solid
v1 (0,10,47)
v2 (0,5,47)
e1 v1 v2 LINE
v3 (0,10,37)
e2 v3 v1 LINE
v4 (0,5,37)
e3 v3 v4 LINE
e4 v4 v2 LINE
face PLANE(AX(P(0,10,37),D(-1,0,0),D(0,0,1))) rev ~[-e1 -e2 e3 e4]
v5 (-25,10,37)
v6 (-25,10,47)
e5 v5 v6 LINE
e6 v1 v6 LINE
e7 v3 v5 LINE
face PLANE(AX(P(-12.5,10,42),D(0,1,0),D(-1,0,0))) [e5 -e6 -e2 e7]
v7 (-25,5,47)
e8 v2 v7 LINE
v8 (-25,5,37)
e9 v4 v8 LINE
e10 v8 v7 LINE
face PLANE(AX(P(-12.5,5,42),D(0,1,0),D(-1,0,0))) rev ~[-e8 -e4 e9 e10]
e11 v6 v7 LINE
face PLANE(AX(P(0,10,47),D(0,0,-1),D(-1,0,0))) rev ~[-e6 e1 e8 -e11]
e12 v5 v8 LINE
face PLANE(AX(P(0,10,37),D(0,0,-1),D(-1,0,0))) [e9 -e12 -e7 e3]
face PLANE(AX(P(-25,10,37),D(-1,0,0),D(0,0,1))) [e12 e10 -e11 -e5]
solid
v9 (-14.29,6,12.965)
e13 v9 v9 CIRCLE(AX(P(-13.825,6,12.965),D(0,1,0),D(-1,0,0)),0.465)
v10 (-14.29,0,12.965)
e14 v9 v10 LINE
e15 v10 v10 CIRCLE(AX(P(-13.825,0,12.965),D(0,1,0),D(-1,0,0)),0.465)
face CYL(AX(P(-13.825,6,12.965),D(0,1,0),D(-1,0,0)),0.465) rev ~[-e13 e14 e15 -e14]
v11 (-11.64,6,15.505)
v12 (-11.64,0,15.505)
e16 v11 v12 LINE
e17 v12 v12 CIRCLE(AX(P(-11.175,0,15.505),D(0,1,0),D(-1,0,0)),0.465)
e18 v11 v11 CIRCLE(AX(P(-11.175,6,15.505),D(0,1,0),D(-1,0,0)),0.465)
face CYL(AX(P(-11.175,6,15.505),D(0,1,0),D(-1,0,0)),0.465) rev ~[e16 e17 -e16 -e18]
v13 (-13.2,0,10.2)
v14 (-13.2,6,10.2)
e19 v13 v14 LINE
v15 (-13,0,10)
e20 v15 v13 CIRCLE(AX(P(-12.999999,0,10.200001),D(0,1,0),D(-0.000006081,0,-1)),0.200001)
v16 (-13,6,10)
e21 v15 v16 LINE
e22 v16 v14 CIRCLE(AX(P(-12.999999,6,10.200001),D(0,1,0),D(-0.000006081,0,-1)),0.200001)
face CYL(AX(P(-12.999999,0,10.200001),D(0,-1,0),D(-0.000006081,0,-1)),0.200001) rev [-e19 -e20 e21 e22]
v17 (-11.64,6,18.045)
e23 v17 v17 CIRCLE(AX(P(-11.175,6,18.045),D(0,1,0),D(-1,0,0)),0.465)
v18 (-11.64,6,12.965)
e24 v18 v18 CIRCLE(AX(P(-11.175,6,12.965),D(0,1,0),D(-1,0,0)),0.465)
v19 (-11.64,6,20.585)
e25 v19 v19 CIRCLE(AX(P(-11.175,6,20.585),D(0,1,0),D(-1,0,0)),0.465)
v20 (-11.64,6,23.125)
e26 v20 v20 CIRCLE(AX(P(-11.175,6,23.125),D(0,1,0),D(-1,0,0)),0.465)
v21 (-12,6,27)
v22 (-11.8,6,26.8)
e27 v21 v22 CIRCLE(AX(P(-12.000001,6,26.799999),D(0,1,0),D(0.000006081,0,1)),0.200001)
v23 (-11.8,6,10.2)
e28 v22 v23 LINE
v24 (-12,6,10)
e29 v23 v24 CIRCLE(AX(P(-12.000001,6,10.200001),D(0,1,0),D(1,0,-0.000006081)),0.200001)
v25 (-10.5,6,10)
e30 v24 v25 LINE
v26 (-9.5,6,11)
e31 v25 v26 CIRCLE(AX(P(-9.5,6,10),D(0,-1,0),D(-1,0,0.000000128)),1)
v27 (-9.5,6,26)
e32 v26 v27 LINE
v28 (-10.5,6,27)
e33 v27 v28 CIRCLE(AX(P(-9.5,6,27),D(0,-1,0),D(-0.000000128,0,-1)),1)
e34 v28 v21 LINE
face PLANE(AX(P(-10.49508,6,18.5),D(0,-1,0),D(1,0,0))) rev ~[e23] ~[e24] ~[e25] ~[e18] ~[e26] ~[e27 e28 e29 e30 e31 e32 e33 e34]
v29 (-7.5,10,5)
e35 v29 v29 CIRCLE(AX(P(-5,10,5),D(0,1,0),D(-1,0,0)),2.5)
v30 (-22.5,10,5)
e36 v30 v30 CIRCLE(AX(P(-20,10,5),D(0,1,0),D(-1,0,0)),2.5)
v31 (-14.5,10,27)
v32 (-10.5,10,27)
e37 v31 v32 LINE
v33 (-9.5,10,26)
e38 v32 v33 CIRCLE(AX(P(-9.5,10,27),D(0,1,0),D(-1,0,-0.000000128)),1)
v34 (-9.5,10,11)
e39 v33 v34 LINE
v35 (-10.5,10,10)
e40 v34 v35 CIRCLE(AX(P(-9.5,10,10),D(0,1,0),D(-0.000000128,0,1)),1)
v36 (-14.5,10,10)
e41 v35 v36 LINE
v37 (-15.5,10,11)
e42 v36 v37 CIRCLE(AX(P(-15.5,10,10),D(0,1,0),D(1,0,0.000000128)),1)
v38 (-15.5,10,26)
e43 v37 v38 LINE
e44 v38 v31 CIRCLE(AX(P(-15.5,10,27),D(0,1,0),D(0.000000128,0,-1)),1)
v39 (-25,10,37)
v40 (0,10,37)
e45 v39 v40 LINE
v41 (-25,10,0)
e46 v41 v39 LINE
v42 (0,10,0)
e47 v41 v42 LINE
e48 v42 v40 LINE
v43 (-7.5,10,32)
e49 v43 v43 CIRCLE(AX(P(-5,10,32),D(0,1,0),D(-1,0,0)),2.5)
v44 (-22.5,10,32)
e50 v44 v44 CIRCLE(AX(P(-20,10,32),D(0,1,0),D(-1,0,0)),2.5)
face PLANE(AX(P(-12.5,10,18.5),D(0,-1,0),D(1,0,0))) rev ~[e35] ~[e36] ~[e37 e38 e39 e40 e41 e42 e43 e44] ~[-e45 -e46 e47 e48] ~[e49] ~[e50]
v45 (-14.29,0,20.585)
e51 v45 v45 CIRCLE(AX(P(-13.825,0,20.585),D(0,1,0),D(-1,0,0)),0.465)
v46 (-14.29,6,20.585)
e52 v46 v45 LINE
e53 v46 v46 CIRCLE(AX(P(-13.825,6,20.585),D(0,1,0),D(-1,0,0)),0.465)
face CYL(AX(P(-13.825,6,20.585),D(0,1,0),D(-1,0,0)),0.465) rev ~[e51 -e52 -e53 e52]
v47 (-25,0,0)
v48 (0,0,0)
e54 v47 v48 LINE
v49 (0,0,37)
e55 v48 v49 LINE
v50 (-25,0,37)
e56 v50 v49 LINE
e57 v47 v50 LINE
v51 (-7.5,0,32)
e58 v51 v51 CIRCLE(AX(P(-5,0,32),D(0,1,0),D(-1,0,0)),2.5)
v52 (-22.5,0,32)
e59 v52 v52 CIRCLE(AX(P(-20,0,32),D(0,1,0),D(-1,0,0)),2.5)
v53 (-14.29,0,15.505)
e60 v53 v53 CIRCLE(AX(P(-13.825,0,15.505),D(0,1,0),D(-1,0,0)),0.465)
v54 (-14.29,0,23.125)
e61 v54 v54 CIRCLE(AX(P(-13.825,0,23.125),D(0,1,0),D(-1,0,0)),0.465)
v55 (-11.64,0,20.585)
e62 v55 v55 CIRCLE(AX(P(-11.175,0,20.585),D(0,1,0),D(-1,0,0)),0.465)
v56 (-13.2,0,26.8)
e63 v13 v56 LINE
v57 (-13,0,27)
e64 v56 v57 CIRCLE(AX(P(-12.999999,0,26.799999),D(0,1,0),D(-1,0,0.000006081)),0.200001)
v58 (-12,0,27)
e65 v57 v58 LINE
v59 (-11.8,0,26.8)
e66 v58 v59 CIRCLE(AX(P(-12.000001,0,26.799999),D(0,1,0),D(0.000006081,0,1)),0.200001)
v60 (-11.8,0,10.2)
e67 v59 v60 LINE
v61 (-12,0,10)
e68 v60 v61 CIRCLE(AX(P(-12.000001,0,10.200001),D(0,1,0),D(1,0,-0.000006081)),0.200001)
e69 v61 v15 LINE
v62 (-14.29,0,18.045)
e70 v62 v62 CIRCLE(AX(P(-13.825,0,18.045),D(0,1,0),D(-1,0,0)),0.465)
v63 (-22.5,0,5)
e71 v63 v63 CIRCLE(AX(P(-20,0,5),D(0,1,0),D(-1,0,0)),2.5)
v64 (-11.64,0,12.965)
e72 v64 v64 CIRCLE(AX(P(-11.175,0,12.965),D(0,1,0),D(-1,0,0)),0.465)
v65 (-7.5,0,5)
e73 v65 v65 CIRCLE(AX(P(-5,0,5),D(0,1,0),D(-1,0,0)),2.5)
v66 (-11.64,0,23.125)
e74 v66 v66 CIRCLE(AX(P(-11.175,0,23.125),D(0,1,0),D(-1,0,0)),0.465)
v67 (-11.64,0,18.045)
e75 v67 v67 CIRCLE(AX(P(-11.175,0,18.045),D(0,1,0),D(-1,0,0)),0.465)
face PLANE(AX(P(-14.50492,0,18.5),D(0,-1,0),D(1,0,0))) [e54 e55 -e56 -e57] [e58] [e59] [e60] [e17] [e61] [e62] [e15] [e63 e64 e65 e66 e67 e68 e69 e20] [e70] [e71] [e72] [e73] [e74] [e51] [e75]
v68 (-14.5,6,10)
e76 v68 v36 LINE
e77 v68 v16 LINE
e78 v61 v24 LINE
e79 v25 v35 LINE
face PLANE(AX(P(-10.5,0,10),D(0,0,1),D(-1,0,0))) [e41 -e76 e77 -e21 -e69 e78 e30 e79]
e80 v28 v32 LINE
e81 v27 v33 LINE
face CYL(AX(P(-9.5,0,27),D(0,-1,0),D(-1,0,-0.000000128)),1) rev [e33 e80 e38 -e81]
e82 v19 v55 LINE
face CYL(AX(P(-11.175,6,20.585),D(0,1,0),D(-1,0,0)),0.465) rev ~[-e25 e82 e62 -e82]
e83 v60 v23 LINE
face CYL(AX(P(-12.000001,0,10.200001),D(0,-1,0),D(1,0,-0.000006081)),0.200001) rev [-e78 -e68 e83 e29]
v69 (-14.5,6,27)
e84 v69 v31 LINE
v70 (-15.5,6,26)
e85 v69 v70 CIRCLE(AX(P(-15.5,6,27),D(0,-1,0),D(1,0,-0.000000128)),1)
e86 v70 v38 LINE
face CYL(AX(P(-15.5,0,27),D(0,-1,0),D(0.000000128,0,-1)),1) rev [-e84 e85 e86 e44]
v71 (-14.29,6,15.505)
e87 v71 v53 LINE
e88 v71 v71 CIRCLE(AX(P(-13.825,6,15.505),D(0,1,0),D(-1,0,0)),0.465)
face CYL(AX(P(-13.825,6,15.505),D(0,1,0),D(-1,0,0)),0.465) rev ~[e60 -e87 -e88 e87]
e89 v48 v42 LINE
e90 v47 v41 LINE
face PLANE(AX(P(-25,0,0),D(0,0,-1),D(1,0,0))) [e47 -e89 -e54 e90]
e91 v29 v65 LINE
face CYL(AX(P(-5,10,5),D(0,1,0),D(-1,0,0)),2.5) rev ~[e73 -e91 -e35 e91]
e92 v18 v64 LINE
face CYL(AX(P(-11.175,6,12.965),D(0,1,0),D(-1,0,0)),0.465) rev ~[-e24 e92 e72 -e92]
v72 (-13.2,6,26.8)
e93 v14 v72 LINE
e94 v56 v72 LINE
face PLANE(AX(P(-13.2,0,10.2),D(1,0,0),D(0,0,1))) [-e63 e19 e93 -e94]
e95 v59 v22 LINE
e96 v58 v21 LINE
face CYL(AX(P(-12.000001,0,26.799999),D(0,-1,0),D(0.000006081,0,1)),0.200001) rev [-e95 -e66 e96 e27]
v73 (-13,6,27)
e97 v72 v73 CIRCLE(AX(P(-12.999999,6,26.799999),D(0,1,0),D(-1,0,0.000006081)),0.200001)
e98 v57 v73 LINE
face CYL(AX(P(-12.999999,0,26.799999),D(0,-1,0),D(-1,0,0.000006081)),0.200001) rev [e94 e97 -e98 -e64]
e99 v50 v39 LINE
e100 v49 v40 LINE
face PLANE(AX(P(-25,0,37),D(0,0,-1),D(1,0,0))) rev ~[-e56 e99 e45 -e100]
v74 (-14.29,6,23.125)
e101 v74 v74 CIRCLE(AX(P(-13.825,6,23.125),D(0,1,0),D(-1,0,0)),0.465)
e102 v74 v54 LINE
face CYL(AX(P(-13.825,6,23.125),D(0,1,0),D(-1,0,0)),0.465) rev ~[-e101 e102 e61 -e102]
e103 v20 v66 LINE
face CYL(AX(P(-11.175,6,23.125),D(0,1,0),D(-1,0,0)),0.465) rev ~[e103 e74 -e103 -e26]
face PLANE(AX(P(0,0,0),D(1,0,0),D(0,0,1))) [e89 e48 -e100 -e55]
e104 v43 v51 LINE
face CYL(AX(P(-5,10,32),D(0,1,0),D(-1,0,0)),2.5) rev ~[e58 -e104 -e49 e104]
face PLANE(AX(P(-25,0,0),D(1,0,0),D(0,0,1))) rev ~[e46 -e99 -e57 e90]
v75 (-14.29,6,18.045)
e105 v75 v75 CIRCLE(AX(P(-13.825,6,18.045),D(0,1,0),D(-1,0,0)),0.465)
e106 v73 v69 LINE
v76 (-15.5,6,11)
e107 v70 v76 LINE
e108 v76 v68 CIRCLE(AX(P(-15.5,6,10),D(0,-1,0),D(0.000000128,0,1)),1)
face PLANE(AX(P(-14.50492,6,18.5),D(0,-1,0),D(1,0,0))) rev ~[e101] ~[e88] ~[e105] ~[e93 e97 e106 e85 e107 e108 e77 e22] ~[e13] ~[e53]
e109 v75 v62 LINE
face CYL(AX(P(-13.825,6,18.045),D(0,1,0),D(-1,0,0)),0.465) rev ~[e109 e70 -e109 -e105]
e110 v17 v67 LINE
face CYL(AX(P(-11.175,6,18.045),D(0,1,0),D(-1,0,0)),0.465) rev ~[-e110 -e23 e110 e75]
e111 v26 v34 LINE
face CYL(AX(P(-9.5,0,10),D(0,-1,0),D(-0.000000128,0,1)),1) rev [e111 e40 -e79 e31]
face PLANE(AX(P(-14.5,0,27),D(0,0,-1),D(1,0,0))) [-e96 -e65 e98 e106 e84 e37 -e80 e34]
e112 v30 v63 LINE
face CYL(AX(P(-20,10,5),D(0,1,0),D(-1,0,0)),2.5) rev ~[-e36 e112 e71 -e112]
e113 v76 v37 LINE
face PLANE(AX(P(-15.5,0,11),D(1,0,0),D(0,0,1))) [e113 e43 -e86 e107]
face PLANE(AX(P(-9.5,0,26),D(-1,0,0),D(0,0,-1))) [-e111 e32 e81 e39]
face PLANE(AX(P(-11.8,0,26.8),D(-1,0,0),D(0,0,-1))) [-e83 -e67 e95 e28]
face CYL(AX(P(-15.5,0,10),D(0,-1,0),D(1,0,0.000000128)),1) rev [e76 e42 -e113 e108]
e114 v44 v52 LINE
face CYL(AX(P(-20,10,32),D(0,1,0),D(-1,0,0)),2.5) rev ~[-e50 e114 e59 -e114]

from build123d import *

# Parameters (mm, degrees)
F0_W     = 25
F0_H     = 37
F1_DEPTH = 10
F2_DEPTH = 6
F3_W     = 25
F3_H     = 10
F4_DEPTH = 5
F5_R     = 0.465
F6_DEPTH = 6.001
F7_R     = 2.5
F8_DEPTH = 10.001


with BuildPart() as f1:
    # F0 (on Front) → F1 (new body)
    with BuildSketch(Plane.XZ):
        with Locations((-12.5, 18.5)):
            Rectangle(F0_W, F0_H)
        with BuildLine():
            ThreePointArc((-15.5, 26), (-16.207107, 27.707107), (-14.5, 27))
            Line((-14.5, 27), (-13, 27))
            Line((-13, 27), (-12, 27))
            Line((-12, 27), (-10.5, 27))
            ThreePointArc((-10.5, 27), (-8.792893, 27.707107), (-9.5, 26))
            Line((-9.5, 26), (-9.5, 11))
            ThreePointArc((-9.5, 11), (-8.792893, 9.292893), (-10.5, 10))
            Line((-10.5, 10), (-12, 10))
            Line((-12, 10), (-13, 10))
            Line((-13, 10), (-14.5, 10))
            ThreePointArc((-14.5, 10), (-16.207107, 9.292893), (-15.5, 11))
            Line((-15.5, 11), (-15.5, 26))
        make_face(mode=Mode.SUBTRACT)
    extrude(amount=-F1_DEPTH)

    # F0 (on Front) → F2 (join)
    with BuildSketch(Plane.XZ):
        with BuildLine():
            Line((-13, 27), (-14.5, 27))
            ThreePointArc((-14.5, 27), (-16.207107, 27.707107), (-15.5, 26))
            Line((-15.5, 26), (-15.5, 11))
            ThreePointArc((-15.5, 11), (-16.207107, 9.292893), (-14.5, 10))
            Line((-14.5, 10), (-13, 10))
            ThreePointArc((-13, 10), (-13.141421, 10.058579), (-13.2, 10.2))
            Line((-13.2, 10.2), (-13.2, 26.8))
            ThreePointArc((-13.2, 26.8), (-13.141421, 26.941421), (-13, 27))
        make_face()
        with BuildLine():
            Line((-10.5, 27), (-12, 27))
            ThreePointArc((-12, 27), (-11.858579, 26.941421), (-11.8, 26.8))
            Line((-11.8, 26.8), (-11.8, 10.2))
            ThreePointArc((-11.8, 10.2), (-11.858579, 10.058579), (-12, 10))
            Line((-12, 10), (-10.5, 10))
            ThreePointArc((-10.5, 10), (-8.792893, 9.292893), (-9.5, 11))
            Line((-9.5, 11), (-9.5, 26))
            ThreePointArc((-9.5, 26), (-8.792893, 27.707107), (-10.5, 27))
        make_face()
    extrude(amount=-F2_DEPTH)

    # F5 (on face) → F6 (cut, through all)
    with BuildSketch(Plane(origin=(0, 6, 0), x_dir=(-1, 0, 0), z_dir=(0, 1, 0))):
        with Locations((13.825, 12.965)):
            Circle(F5_R)
        with Locations((13.825, 15.505)):
            Circle(F5_R)
        with Locations((13.825, 18.045)):
            Circle(F5_R)
        with Locations((13.825, 20.585)):
            Circle(F5_R)
        with Locations((13.825, 23.125)):
            Circle(F5_R)
        with Locations((11.175, 23.125)):
            Circle(F5_R)
        with Locations((11.175, 20.585)):
            Circle(F5_R)
        with Locations((11.175, 18.045)):
            Circle(F5_R)
        with Locations((11.175, 15.505)):
            Circle(F5_R)
        with Locations((11.175, 12.965)):
            Circle(F5_R)
    extrude(amount=-F6_DEPTH, mode=Mode.SUBTRACT)

    # F7 (on face) → F8 (cut, through all)
    with BuildSketch(Plane(origin=(0, 10, 0), x_dir=(-1, 0, 0), z_dir=(0, 1, 0))):
        with Locations((5, 32)):
            Circle(F7_R)
        with Locations((20, 32)):
            Circle(F7_R)
        with Locations((20, 5)):
            Circle(F7_R)
        with Locations((5, 5)):
            Circle(F7_R)
    extrude(amount=-F8_DEPTH, mode=Mode.SUBTRACT)


with BuildPart() as f4:
    # F3 (on face) → F4 (new body)
    with BuildSketch(Plane(origin=(0, 10, 0), x_dir=(-1, 0, 0), z_dir=(0, 1, 0))):
        with Locations((12.5, 42)):
            Rectangle(F3_W, F3_H)
    extrude(amount=-F4_DEPTH)


solid = Compound([f1.part, f4.part])
